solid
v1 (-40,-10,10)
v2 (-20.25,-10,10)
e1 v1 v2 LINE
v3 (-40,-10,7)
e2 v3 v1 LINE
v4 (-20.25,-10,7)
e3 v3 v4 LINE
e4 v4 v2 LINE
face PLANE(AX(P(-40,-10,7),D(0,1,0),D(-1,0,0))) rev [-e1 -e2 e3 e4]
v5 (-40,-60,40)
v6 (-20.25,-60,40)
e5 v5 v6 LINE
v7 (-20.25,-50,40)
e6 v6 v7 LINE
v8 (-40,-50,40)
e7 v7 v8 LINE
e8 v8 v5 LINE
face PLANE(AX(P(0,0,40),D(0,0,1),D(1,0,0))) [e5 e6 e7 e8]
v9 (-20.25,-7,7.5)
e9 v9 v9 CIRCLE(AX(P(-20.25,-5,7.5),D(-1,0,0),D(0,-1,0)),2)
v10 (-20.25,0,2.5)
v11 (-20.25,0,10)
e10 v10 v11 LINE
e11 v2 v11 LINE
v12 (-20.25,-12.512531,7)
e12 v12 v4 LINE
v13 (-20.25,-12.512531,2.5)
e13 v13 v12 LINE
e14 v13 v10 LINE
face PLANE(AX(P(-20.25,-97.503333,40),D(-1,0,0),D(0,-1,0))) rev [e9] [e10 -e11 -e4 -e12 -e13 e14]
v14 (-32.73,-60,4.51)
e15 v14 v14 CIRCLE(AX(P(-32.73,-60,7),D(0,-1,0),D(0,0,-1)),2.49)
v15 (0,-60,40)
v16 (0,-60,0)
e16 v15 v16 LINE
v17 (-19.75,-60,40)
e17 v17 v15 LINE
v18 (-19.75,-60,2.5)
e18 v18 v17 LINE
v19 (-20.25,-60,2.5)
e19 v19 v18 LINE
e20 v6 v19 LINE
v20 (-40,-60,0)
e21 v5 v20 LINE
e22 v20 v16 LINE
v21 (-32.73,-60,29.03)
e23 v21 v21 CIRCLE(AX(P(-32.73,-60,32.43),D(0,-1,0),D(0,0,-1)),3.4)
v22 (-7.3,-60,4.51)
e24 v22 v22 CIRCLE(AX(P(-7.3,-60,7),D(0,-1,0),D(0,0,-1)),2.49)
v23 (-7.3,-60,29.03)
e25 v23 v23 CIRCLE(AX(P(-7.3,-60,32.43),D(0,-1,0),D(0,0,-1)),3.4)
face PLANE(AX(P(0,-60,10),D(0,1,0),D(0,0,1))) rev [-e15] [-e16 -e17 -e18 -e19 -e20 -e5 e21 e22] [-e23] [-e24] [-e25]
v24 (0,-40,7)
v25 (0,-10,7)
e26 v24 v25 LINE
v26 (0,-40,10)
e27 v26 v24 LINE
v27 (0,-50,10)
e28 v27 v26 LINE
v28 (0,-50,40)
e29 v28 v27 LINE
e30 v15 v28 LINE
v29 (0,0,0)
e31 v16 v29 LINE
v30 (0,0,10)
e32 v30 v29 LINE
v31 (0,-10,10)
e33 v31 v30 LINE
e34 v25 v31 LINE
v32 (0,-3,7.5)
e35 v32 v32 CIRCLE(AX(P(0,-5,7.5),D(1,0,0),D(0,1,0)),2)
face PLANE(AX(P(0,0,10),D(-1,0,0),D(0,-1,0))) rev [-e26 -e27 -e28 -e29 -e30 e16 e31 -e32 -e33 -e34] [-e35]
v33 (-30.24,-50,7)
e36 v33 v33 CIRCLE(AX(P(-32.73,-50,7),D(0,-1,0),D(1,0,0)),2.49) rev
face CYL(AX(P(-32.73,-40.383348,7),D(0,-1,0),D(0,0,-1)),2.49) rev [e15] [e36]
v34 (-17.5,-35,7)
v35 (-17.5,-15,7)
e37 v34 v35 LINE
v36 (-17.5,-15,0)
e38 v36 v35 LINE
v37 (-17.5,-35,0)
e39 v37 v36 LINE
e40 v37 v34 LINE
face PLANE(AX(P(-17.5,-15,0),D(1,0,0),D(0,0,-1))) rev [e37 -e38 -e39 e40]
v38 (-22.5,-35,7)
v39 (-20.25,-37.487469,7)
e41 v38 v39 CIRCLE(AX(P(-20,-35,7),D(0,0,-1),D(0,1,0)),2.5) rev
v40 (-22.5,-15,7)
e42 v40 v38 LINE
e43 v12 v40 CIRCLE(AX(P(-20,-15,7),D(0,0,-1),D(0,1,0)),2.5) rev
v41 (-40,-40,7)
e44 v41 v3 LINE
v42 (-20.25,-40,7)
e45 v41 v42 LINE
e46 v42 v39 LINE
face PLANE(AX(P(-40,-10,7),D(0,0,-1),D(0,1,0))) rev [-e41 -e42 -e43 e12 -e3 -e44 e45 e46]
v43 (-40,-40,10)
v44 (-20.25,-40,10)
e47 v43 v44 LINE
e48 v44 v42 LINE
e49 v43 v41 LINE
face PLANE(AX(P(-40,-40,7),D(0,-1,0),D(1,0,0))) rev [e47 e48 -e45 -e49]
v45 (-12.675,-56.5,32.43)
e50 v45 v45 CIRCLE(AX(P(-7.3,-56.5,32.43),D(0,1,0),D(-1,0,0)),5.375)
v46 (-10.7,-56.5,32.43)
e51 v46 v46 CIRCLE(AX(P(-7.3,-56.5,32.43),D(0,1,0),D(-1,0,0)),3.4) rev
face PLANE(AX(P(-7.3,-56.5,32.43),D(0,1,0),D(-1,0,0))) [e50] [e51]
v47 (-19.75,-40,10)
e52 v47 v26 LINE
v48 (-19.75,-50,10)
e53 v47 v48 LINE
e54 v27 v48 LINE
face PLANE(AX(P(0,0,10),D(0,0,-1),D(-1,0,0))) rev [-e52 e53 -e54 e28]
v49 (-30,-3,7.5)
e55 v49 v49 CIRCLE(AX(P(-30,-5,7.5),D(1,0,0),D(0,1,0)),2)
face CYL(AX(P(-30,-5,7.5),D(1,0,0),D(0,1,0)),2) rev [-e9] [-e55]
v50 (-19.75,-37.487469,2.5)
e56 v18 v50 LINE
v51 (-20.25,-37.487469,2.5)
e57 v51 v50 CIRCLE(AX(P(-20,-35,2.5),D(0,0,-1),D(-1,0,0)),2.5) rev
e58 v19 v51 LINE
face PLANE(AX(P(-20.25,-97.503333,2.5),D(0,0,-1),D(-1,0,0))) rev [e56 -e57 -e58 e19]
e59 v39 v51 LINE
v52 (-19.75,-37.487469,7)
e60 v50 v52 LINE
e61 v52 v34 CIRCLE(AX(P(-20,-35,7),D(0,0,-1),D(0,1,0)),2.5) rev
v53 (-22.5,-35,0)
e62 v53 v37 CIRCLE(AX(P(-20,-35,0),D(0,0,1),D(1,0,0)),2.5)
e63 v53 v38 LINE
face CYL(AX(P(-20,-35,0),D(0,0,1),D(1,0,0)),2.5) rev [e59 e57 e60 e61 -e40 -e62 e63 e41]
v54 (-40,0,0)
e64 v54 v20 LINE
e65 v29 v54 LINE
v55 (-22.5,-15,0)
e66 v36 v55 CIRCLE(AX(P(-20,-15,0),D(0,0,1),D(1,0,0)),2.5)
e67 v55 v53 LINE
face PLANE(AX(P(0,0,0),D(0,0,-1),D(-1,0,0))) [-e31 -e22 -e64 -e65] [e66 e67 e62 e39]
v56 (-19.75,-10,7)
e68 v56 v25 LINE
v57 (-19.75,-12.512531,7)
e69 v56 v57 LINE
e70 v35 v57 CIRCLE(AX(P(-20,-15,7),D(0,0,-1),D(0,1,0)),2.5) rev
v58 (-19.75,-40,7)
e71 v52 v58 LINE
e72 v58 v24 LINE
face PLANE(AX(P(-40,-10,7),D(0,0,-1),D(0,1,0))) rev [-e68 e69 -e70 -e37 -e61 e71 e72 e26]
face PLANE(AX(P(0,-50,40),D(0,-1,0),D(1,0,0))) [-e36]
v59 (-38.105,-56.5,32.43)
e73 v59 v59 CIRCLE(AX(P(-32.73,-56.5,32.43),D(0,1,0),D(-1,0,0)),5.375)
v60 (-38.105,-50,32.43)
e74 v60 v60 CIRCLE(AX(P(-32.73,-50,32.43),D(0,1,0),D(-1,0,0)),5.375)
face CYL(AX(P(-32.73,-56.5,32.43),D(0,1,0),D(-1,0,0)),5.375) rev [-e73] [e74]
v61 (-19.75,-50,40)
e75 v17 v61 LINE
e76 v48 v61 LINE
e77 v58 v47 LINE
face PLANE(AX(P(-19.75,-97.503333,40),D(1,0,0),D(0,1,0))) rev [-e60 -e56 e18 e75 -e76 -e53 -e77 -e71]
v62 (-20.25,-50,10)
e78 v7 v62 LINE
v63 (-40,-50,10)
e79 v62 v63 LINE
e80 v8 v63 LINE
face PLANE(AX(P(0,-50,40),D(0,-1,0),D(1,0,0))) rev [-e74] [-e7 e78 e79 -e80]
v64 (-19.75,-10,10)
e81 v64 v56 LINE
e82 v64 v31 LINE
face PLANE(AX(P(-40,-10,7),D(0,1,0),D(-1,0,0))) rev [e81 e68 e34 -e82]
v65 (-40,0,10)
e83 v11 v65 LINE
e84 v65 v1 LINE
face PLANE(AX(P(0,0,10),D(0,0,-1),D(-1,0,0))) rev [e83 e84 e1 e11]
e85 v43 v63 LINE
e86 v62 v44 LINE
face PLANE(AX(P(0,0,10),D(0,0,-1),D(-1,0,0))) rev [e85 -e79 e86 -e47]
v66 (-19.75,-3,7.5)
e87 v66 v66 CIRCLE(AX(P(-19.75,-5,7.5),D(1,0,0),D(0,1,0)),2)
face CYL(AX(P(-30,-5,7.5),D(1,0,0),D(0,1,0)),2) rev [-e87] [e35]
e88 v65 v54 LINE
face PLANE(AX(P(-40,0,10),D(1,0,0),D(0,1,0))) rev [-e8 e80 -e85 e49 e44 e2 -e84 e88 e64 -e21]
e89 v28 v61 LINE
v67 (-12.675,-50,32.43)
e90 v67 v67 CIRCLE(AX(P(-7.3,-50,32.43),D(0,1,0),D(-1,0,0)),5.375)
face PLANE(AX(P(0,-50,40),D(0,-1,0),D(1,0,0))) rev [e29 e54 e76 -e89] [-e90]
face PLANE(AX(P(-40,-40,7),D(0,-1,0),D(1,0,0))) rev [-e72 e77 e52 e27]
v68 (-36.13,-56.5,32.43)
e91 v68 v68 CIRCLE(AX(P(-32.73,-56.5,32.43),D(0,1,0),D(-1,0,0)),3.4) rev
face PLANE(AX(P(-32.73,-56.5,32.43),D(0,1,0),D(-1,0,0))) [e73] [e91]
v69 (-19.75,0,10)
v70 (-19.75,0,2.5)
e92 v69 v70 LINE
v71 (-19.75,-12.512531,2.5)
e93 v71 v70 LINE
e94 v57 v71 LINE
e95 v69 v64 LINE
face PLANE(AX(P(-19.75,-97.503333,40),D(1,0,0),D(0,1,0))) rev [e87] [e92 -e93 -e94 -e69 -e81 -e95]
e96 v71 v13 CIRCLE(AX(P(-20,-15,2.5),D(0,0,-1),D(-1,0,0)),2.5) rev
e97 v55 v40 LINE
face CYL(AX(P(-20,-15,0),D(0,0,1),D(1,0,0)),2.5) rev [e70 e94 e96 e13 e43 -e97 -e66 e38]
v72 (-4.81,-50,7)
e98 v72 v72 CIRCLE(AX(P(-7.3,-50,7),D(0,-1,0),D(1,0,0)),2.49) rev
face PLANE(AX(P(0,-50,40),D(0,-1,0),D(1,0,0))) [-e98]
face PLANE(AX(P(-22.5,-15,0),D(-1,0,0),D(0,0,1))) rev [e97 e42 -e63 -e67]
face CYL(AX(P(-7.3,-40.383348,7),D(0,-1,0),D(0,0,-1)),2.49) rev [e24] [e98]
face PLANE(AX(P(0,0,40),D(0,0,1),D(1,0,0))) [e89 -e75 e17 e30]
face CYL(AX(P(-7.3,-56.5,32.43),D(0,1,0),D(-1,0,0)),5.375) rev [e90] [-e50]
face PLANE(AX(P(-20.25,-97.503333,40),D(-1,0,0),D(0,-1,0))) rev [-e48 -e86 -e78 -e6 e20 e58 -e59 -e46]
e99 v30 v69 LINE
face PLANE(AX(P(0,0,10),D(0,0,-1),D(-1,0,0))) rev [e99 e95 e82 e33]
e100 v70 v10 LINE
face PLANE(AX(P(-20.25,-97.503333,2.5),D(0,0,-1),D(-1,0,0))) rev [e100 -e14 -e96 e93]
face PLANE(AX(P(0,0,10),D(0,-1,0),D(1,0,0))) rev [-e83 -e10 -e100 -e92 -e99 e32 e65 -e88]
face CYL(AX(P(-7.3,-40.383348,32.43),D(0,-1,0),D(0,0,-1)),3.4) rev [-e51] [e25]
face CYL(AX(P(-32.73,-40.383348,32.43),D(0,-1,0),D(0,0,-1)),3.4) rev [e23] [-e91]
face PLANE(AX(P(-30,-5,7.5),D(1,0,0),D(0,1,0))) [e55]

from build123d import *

# Parameters (mm, degrees)
SKETCH1_W           = 40
SKETCH1_H           = 60
BOSS_EXTRUDE1_DEPTH = 10
CUT_EXTRUDE1_DEPTH  = 11
SKETCH5_W           = 3
SKETCH5_H           = 30
CUT_EXTRUDE4_DEPTH  = 41
SKETCH6_W           = 40
SKETCH6_H           = 10
BOSS_EXTRUDE2_DEPTH = 30
SKETCH8_W           = 0.5
SKETCH8_H           = 37.5
CUT_EXTRUDE7_DEPTH  = 60
SKETCH10_R          = 2
CUT_EXTRUDE10_DEPTH = 30
SKETCH12_R          = 3.4
SKETCH12_R_2        = 2.49
CUT_EXTRUDE13_DEPTH = 10
SKETCH14_R          = 5.375
CUT_EXTRUDE14_DEPTH = 6.5


with BuildPart() as part:
    # Sketch1 → Boss-Extrude1 (new body)
    with BuildSketch(Plane.XY):
        with Locations((-20, -30)):
            Rectangle(SKETCH1_W, SKETCH1_H)
    extrude(amount=BOSS_EXTRUDE1_DEPTH)

    # Sketch2 → Cut-Extrude1 (cut, through all)
    with BuildSketch(Plane.XY.offset(10)):
        with BuildLine():
            Line((-17.5, -15), (-17.5, -35))
            ThreePointArc((-17.5, -35), (-20, -37.5), (-22.5, -35))
            Line((-22.5, -35), (-22.5, -15))
            ThreePointArc((-22.5, -15), (-20, -12.5), (-17.5, -15))
        make_face()
    extrude(amount=-CUT_EXTRUDE1_DEPTH, mode=Mode.SUBTRACT)

    # Sketch5 → Cut-Extrude4 (cut, through all)
    with BuildSketch(Plane(origin=(0, 0, 0), x_dir=(0, 0, -1), z_dir=(1, 0, 0))):
        with Locations((-8.5, -25)):
            Rectangle(SKETCH5_W, SKETCH5_H)
    extrude(amount=-CUT_EXTRUDE4_DEPTH, mode=Mode.SUBTRACT)

    # Sketch6 → Boss-Extrude2 (add)
    with BuildSketch(Plane.XY.offset(10)):
        with Locations((-20, -55)):
            Rectangle(SKETCH6_W, SKETCH6_H)
    extrude(amount=BOSS_EXTRUDE2_DEPTH)

    # Sketch8 → Cut-Extrude7 (cut)
    with BuildSketch(Plane(origin=(0, 0, 0), x_dir=(1, 0, 0), z_dir=(0, 1, 0))):
        with Locations((-20, -21.25)):
            Rectangle(SKETCH8_W, SKETCH8_H)
    extrude(amount=-CUT_EXTRUDE7_DEPTH, mode=Mode.SUBTRACT)

    # Sketch10 → Cut-Extrude10 (cut)
    with BuildSketch(Plane(origin=(0, 0, 0), x_dir=(0, 0, -1), z_dir=(1, 0, 0))):
        with Locations((-7.5, -5)):
            Circle(SKETCH10_R)
    extrude(amount=-CUT_EXTRUDE10_DEPTH, mode=Mode.SUBTRACT)

    # Sketch12 → Cut-Extrude13 (cut)
    with BuildSketch(Plane.XZ.offset(60)):
        with Locations((-7.3, 32.43)):
            Circle(SKETCH12_R)
        with Locations((-32.73, 32.43)):
            Circle(SKETCH12_R)
        with Locations((-32.73, 7)):
            Circle(SKETCH12_R_2)
        with Locations((-7.3, 7)):
            Circle(SKETCH12_R_2)
    extrude(amount=-CUT_EXTRUDE13_DEPTH, mode=Mode.SUBTRACT)

    # Sketch14 → Cut-Extrude14 (cut)
    with BuildSketch(Plane(origin=(0, -50, 0), x_dir=(1, 0, 0), z_dir=(0, 1, 0))):
        with Locations((-32.73, -32.43)):
            Circle(SKETCH14_R)
        with Locations((-7.3, -32.43)):
            Circle(SKETCH14_R)
    extrude(amount=-CUT_EXTRUDE14_DEPTH, mode=Mode.SUBTRACT)


solid = part.part
